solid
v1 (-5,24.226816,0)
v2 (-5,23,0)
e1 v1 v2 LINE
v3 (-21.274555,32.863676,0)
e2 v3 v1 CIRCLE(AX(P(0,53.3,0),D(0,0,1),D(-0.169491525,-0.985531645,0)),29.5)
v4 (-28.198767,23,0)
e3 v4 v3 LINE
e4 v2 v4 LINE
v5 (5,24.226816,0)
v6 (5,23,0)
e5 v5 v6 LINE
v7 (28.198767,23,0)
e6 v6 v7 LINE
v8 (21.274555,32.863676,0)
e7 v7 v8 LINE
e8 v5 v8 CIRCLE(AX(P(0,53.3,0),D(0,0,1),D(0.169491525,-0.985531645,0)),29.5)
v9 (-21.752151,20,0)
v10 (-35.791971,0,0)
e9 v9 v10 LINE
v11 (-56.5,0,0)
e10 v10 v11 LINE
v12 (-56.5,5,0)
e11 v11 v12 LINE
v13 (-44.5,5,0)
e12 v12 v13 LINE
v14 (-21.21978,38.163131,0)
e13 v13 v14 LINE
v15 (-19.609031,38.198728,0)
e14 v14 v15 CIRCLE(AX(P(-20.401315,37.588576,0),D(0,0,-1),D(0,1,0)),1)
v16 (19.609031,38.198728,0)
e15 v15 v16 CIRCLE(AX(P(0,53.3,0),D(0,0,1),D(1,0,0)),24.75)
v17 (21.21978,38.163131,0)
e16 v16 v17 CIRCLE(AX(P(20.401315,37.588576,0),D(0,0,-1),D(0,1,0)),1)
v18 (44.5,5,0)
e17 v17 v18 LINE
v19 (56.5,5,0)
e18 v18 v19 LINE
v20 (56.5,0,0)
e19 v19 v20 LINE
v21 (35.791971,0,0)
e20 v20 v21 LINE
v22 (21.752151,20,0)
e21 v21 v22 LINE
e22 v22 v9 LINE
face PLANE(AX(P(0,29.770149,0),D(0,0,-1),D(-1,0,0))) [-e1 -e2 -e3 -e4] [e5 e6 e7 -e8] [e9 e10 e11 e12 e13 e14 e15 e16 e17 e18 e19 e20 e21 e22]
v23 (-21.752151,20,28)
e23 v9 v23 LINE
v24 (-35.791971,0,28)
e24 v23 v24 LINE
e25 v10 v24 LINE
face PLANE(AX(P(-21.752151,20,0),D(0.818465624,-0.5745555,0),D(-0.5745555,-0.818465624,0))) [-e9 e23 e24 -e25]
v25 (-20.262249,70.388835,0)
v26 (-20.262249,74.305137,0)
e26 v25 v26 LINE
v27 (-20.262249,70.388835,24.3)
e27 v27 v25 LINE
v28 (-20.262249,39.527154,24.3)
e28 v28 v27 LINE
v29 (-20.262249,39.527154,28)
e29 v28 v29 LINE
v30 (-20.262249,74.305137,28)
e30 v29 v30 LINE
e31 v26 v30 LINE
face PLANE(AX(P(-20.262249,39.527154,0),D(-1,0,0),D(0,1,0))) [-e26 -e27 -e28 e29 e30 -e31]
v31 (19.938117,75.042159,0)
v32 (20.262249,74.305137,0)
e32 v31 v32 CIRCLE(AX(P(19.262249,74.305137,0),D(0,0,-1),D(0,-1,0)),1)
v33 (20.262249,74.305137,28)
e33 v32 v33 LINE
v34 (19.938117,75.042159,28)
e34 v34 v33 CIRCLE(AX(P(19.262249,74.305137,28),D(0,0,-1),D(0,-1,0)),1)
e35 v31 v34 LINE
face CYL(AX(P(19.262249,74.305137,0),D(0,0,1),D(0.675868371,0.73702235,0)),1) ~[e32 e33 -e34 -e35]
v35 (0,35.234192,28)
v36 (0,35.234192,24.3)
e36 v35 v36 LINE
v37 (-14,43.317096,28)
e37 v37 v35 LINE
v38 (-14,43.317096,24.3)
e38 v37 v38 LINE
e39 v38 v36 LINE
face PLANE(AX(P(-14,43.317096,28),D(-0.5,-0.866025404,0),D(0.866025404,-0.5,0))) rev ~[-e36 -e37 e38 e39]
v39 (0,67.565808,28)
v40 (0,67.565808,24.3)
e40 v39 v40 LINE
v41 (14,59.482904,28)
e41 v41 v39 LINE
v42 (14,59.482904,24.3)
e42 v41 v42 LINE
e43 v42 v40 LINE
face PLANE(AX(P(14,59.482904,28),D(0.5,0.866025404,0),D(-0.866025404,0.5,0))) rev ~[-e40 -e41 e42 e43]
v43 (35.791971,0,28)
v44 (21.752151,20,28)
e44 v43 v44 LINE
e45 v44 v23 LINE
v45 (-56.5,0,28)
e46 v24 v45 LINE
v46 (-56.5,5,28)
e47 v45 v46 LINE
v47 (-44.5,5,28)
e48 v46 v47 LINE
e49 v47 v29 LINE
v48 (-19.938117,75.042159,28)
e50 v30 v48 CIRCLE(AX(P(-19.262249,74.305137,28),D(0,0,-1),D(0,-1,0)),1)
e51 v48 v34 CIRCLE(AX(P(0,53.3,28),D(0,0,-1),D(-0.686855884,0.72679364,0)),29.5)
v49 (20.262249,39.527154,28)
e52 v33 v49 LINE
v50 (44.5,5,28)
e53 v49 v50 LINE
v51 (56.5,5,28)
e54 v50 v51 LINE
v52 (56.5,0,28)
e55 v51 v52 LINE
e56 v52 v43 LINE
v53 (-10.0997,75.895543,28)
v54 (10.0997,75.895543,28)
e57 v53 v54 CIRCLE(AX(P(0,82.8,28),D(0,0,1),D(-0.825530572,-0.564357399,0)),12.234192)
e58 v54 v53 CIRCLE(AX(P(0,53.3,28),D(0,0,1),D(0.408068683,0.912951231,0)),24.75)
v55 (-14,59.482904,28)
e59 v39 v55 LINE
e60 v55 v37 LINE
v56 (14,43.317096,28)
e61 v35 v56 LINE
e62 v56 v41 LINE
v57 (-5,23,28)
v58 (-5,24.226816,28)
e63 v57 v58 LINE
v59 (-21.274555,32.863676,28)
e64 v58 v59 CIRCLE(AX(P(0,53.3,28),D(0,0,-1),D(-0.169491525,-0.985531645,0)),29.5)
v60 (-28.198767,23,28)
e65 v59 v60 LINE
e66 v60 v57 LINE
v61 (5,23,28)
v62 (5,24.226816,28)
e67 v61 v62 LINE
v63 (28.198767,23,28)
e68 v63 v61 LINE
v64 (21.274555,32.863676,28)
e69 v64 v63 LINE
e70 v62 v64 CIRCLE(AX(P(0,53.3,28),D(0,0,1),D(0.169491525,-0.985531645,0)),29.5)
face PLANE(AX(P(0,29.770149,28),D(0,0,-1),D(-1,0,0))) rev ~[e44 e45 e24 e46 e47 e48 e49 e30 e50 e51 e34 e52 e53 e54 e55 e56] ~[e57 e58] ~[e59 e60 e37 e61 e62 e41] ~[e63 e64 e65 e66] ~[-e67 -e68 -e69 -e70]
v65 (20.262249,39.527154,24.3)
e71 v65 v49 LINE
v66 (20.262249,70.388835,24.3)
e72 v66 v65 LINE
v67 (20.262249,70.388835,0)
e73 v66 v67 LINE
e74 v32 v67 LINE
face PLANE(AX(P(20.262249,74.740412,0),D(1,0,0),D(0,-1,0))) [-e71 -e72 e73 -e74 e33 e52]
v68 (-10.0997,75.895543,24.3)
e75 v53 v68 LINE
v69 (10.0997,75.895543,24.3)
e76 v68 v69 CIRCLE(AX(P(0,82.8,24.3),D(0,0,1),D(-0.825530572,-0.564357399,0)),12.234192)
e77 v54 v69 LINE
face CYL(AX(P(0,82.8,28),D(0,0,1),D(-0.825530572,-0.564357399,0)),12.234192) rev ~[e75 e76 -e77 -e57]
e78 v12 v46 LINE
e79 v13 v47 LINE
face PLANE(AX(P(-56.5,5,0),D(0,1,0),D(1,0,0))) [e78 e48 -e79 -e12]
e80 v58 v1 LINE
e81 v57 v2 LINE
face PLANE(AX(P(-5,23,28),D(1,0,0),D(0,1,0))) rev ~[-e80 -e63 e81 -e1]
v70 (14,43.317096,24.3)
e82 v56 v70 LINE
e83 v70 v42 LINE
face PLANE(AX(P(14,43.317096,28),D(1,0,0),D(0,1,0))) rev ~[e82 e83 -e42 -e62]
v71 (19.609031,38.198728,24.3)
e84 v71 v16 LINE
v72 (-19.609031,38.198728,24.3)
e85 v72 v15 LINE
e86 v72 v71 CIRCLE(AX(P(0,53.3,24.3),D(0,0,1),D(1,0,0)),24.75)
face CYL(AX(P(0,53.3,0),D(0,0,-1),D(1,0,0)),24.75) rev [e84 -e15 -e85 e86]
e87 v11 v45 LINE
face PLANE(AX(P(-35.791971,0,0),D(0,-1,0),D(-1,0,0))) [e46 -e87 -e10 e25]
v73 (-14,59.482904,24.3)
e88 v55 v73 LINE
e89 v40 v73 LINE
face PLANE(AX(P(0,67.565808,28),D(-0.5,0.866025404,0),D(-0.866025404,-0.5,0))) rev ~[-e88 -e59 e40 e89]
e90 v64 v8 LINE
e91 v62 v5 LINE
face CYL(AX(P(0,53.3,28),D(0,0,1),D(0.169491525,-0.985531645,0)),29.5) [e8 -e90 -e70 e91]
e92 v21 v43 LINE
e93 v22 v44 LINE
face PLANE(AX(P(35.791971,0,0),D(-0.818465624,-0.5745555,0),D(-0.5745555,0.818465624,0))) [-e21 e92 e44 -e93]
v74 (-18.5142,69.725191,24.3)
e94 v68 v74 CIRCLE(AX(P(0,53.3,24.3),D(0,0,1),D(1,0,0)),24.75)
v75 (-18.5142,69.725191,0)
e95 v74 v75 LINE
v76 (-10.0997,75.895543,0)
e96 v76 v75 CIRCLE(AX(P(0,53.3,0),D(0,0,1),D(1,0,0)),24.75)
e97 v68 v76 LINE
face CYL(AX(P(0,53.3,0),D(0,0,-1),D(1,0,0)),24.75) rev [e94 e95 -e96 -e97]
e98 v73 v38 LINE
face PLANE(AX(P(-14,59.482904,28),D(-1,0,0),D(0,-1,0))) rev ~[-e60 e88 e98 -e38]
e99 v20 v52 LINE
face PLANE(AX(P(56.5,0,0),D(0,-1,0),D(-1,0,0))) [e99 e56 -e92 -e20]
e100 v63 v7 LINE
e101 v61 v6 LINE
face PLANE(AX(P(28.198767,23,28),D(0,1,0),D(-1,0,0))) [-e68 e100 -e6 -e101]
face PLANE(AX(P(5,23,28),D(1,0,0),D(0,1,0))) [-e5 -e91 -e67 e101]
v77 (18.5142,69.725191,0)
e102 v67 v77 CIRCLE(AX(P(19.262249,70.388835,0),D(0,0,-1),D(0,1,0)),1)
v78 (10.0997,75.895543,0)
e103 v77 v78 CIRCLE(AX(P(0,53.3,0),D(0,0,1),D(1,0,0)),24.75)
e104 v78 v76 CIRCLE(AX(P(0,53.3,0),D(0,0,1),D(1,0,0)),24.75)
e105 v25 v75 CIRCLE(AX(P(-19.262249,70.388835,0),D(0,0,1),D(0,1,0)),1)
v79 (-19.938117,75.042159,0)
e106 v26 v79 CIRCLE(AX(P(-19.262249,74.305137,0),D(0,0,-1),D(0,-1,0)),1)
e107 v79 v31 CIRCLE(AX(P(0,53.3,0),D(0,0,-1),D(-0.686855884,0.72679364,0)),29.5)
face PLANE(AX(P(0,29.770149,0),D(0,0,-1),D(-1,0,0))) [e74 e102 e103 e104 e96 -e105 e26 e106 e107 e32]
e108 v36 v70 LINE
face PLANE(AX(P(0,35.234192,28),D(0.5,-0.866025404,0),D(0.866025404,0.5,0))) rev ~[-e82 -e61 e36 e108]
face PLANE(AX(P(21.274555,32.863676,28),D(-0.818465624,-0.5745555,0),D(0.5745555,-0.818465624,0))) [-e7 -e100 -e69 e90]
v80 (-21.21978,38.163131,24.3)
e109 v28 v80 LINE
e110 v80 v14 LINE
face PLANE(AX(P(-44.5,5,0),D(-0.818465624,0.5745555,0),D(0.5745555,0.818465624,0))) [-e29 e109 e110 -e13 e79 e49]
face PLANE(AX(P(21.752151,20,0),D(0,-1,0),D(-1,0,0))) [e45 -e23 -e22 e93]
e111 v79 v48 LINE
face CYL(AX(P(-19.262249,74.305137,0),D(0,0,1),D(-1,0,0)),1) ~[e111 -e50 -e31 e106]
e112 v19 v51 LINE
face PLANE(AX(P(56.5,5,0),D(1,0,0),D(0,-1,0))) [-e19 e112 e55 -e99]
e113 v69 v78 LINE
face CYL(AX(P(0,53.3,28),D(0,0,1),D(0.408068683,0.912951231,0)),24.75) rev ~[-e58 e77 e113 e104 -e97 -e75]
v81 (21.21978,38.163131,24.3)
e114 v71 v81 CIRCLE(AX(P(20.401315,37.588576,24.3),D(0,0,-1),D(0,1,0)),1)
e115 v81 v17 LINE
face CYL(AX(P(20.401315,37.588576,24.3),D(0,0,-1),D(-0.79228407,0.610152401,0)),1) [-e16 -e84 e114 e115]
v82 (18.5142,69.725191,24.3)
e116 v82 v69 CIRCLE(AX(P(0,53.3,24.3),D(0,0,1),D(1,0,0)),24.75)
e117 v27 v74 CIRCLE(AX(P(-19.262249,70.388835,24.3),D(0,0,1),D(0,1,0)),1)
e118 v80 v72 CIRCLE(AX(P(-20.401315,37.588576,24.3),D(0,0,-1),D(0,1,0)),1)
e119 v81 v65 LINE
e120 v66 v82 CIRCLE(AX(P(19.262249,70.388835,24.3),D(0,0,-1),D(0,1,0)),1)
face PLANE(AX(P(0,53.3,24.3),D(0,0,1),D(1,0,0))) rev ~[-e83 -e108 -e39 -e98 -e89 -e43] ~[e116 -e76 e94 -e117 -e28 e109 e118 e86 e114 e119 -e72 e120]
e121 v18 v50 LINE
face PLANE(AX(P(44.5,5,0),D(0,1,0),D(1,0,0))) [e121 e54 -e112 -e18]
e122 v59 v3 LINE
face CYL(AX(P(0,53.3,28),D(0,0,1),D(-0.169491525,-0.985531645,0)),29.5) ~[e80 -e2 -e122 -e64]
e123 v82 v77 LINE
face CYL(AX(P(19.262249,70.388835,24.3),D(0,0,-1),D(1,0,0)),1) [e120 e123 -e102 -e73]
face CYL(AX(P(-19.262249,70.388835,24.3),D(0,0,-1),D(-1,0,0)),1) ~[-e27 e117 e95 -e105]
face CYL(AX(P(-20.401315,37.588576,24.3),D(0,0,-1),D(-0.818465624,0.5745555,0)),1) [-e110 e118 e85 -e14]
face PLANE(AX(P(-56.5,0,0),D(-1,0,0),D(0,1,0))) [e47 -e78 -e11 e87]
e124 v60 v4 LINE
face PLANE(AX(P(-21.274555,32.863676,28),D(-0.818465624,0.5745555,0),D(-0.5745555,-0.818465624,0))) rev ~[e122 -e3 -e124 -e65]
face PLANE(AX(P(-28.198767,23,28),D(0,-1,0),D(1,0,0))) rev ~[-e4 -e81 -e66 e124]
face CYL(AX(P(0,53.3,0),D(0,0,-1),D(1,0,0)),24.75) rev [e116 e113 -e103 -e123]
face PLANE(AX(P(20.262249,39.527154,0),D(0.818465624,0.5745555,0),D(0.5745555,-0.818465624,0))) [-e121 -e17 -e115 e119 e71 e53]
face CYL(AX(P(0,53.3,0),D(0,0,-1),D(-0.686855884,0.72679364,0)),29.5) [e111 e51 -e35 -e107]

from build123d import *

# Parameters (mm, degrees)
BOSS_EXTRU_1_DEPTH      = 28
ESQUISSE2_R             = 24.75
ENL_V_MAT_EXTRU_1_DEPTH = 24.3
ENL_V_MAT_EXTRU_6_DEPTH = 29
CONG_1_R                = 1


with BuildPart() as part:
    # Esquisse1 → Boss.-Extru.1 (new body)
    with BuildSketch(Plane.XY):
        with BuildLine():
            Line((-56.5, 0), (-56.5, 5))
            Line((-56.5, 5), (-44.5, 5))
            Line((-44.5, 5), (-20.262248583, 39.527154166))
            Line((-20.262248583, 39.527154166), (-20.262248583, 74.740412365))
            ThreePointArc((-20.262248583, 74.740412365), (0, 82.8), (20.262248583, 74.740412365))
            Line((20.262248583, 74.740412365), (20.262248583, 39.527154166))
            Line((20.262248583, 39.527154166), (44.5, 5))
            Line((44.5, 5), (56.5, 5))
            Line((56.5, 5), (56.5, 0))
            Line((56.5, 0), (35.791970863, 0))
            Line((35.791970863, 0), (21.7521509, 20))
            Line((21.7521509, 20), (-21.7521509, 20))
            Line((-21.7521509, 20), (-35.791970863, 0))
            Line((-35.791970863, 0), (-56.5, 0))
        make_face()
    extrude(amount=BOSS_EXTRU_1_DEPTH)

    # Esquisse2 → Enlèv. mat.-Extru.1 (cut)
    with BuildSketch(Plane.XY):
        with Locations((0, 53.3)):
            Circle(ESQUISSE2_R)
    extrude(amount=ENL_V_MAT_EXTRU_1_DEPTH, mode=Mode.SUBTRACT)

    # Esquisse5 → Enlèv. mat.-Extru.6 (cut, through all)
    with BuildSketch(Plane.XY.offset(28)):
        Polygon((0, 67.565807537), (-14, 59.482903769), (-14, 43.317096231), (0, 35.234192463), (14, 43.317096231), (14, 59.482903769), align=None)
        with BuildLine():
            Line((-21.274554731, 32.863676431), (-28.198766795, 23))
            Line((-28.198766795, 23), (-5, 23))
            Line((-5, 23), (-5, 24.22681648))
            ThreePointArc((-5, 24.22681648), (-13.828842831, 27.242120079), (-21.274554731, 32.863676431))
        make_face()
        with BuildLine():
            Line((21.274554731, 32.863676431), (28.198766795, 23))
            Line((28.198766795, 23), (5, 23))
            Line((5, 23), (5, 24.22681648))
            ThreePointArc((5, 24.22681648), (13.828842831, 27.242120079), (21.274554731, 32.863676431))
        make_face()
        with BuildLine():
            ThreePointArc((-10.099699908, 75.895542962), (0, 70.565807537), (10.099699908, 75.895542962))
            ThreePointArc((10.099699908, 75.895542962), (0, 78.05), (-10.099699908, 75.895542962))
        make_face()
    extrude(amount=-ENL_V_MAT_EXTRU_6_DEPTH, mode=Mode.SUBTRACT)

    # Congé1
    cong_1_edges = [part.edges().sort_by_distance(p)[0] for p in [
        (-20.262248583, 74.740412365, 14),
        (20.262248583, 74.740412365, 14),
        (20.415715975, 39.308536844, 12.15),
        (20.262248583, 67.512803466, 12.15),
        (-20.262248583, 67.512803466, 12.15),
        (-20.415715975, 39.308536844, 12.15),
    ]]
    fillet(cong_1_edges, radius=CONG_1_R)


solid = part.part
